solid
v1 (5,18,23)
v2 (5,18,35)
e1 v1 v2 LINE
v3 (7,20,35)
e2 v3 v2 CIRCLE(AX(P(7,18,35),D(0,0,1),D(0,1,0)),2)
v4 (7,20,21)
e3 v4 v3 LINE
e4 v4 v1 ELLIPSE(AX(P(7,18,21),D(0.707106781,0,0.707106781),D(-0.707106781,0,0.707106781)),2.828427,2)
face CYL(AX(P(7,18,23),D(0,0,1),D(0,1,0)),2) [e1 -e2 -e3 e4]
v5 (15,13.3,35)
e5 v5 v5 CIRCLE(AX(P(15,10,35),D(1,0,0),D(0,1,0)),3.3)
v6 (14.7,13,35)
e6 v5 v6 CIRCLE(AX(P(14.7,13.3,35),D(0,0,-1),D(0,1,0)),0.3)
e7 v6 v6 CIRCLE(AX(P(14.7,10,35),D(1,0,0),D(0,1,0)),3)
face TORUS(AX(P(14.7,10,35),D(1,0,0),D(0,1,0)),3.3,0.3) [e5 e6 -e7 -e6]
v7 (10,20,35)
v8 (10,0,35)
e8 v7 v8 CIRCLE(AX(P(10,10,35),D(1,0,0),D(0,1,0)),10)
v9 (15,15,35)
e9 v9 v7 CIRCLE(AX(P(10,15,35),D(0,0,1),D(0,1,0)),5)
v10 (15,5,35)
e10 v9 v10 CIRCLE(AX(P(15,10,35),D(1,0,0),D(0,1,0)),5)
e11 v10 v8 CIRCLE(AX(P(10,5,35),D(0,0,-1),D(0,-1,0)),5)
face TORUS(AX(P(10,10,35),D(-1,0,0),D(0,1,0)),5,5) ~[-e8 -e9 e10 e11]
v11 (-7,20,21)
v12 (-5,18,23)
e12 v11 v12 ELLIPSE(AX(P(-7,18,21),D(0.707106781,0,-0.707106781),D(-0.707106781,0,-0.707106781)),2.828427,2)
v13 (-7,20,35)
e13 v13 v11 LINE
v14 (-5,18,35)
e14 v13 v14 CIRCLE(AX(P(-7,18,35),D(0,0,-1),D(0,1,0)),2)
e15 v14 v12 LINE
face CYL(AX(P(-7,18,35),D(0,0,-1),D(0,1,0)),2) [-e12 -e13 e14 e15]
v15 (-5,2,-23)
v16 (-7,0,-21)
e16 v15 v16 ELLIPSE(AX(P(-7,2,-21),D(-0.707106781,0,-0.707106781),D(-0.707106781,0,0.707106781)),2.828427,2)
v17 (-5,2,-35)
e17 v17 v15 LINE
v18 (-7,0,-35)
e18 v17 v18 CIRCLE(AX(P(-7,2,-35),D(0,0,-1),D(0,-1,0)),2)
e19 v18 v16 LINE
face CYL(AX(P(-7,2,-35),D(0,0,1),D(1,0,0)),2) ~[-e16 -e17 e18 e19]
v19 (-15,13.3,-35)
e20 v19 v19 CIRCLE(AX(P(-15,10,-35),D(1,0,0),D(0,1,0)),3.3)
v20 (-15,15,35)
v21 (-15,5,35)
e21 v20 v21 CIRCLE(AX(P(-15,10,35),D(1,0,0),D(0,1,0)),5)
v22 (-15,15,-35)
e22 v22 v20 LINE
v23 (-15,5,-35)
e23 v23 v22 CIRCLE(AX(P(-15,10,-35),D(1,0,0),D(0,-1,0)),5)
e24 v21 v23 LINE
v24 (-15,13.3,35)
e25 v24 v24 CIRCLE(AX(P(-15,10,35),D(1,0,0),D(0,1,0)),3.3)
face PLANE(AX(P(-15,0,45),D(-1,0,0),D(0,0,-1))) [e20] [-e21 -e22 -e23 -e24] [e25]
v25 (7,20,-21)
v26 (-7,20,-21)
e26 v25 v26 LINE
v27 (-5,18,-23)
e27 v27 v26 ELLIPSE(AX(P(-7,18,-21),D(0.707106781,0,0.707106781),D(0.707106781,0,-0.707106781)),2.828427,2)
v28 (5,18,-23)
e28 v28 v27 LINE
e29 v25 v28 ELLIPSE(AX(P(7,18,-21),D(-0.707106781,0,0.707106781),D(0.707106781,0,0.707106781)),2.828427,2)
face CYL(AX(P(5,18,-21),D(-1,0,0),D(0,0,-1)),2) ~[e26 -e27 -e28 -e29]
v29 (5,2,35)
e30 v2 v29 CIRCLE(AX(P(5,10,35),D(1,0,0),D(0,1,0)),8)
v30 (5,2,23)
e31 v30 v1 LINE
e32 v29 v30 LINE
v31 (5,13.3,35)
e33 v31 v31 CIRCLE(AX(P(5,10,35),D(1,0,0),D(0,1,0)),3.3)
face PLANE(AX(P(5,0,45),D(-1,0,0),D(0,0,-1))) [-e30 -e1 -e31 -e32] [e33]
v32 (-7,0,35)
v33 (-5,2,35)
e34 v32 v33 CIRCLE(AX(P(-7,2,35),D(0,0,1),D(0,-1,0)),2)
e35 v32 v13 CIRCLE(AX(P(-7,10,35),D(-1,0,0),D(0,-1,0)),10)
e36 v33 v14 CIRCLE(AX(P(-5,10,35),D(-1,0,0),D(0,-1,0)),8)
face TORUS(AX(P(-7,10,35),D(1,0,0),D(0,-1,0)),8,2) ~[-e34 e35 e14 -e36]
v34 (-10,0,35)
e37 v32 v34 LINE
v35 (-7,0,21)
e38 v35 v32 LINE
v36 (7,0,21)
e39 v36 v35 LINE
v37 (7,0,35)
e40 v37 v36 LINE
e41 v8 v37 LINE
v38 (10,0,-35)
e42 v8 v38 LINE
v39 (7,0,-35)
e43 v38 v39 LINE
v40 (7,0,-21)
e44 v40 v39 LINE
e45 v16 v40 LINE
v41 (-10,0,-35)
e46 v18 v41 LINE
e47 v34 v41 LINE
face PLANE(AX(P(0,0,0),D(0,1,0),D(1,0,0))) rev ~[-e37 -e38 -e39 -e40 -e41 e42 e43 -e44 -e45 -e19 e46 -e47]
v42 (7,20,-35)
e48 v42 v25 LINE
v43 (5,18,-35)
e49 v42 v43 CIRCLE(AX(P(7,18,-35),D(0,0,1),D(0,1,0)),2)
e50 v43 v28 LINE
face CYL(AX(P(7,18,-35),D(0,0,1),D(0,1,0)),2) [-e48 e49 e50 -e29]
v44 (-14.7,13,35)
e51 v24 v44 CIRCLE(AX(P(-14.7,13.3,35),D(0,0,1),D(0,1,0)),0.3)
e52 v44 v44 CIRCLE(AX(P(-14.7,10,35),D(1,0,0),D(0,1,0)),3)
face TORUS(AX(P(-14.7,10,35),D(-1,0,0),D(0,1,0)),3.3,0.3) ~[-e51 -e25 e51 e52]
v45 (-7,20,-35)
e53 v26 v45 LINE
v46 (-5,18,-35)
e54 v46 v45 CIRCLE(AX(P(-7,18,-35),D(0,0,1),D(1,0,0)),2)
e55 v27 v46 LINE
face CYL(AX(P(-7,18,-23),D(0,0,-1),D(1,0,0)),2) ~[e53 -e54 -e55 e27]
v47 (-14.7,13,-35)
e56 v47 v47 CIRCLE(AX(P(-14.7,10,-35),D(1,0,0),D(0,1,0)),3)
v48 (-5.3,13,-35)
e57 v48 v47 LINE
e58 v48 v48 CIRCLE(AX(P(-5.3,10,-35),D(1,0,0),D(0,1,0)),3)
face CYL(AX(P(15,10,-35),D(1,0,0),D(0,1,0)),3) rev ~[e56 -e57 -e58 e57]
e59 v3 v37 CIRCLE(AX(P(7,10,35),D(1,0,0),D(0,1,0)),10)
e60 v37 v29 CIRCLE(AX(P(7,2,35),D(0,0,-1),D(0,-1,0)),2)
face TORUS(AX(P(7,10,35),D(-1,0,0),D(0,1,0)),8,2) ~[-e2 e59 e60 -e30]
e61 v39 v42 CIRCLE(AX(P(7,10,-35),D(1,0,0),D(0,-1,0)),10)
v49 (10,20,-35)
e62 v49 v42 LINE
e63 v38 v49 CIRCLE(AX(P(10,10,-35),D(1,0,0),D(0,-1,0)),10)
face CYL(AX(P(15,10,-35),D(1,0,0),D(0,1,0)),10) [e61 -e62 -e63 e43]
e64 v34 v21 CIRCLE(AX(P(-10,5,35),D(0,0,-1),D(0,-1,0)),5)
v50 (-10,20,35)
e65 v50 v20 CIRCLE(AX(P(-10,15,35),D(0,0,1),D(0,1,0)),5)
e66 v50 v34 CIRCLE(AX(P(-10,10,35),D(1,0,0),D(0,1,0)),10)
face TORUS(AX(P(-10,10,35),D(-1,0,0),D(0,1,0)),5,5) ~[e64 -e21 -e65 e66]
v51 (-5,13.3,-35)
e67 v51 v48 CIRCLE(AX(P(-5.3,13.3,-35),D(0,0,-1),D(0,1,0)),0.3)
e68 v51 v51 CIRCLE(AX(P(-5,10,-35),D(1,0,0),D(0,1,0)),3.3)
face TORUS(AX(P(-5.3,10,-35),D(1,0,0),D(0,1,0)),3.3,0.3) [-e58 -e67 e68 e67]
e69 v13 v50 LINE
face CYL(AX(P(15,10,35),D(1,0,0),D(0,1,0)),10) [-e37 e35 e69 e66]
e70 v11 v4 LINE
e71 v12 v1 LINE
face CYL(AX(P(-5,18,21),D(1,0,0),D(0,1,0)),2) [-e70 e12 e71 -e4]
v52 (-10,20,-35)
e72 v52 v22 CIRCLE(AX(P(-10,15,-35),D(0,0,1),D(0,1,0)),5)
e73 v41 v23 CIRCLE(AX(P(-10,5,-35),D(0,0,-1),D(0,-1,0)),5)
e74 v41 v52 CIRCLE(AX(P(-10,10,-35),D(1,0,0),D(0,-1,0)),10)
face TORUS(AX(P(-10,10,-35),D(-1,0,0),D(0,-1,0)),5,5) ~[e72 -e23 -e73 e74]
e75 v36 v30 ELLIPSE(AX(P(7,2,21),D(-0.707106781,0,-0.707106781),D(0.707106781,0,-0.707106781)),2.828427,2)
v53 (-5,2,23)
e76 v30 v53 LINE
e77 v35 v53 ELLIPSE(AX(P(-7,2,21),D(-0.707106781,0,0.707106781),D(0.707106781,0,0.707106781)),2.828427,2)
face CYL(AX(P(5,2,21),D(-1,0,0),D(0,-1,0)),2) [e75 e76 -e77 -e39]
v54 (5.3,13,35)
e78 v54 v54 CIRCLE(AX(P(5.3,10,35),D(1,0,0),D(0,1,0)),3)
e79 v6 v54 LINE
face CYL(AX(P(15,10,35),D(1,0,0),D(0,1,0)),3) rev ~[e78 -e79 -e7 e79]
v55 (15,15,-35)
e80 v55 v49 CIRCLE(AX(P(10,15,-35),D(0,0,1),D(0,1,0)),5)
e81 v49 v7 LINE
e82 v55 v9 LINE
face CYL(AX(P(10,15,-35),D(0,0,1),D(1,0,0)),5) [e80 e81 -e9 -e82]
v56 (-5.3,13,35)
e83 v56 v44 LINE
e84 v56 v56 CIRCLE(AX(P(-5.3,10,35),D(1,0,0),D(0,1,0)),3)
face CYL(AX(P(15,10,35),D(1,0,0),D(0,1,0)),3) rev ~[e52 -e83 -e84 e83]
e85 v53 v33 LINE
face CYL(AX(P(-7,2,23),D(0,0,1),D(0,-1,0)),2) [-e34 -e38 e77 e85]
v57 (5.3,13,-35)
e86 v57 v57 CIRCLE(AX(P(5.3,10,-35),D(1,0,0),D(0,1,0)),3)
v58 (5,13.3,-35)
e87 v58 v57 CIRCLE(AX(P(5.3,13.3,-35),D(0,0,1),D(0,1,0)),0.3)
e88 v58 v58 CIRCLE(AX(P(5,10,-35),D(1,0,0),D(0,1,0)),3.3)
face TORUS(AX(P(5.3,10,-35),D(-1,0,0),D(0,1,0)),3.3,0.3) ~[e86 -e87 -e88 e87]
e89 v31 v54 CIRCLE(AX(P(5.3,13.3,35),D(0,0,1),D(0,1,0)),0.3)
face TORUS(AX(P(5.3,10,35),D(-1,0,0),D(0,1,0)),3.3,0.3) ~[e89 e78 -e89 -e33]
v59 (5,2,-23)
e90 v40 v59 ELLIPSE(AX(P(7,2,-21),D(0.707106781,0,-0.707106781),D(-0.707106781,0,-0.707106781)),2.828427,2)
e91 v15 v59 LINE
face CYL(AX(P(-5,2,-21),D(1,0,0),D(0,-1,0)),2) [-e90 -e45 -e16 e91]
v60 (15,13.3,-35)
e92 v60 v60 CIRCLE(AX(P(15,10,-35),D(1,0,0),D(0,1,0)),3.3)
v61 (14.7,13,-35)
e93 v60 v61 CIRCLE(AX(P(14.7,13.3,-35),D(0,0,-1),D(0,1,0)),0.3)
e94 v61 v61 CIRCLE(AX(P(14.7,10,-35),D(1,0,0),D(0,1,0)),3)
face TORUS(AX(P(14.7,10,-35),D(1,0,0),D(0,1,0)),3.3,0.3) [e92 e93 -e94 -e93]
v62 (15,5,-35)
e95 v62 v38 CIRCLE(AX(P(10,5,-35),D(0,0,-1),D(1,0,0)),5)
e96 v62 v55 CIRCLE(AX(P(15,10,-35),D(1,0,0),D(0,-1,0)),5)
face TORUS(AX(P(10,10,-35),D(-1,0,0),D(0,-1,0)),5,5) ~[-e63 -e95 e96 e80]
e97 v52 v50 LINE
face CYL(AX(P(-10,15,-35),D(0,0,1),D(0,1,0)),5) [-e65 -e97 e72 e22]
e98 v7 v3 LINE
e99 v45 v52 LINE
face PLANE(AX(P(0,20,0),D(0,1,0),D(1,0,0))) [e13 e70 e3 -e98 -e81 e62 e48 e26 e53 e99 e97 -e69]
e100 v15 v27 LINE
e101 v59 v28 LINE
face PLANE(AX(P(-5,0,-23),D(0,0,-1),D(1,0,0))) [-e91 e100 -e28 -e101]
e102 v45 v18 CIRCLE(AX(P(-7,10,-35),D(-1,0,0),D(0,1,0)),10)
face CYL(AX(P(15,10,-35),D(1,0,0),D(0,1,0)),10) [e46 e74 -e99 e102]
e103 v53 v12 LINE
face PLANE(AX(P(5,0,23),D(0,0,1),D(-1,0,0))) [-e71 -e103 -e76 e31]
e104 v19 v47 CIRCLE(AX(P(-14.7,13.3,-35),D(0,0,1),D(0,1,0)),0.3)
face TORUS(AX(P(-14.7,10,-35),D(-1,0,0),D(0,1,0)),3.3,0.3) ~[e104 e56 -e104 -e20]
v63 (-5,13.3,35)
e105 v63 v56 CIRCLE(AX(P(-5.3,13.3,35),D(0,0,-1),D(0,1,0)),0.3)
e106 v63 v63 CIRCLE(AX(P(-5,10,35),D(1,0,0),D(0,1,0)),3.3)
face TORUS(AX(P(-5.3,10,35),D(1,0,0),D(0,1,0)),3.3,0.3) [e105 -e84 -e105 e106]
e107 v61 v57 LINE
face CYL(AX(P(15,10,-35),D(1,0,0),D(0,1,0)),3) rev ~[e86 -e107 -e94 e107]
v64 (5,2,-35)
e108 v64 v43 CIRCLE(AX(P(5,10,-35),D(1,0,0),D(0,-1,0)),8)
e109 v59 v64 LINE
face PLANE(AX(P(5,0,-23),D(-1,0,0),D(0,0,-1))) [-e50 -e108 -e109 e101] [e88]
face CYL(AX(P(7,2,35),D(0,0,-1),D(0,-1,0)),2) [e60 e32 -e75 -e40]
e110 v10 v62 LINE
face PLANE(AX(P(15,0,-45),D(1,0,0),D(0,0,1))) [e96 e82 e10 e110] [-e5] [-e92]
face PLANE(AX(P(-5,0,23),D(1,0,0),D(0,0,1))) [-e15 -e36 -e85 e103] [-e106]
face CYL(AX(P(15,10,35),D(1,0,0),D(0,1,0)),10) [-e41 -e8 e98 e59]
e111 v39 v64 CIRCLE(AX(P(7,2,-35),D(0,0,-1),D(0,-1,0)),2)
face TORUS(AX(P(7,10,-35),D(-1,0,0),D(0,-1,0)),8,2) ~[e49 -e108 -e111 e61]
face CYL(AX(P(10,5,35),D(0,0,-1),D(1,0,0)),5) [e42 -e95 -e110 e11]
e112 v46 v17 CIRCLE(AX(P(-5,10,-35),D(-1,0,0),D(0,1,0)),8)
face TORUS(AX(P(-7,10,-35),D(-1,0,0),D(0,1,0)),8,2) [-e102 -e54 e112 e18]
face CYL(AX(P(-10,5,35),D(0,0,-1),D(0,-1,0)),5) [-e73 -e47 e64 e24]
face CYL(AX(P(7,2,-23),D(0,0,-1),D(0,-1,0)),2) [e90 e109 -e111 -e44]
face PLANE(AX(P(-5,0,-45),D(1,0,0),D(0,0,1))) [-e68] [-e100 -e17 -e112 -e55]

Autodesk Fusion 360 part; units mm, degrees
sketch "Çizim1" plane through (0, 0, 0) normal (0, 1, 0) x (1, 0, 0)
  line L0 (-15, 45) -> (15, 45)
  line L1 (15, 45) -> (15, -45)
  line L2 (15, -45) -> (-15, -45)
  line L3 (-15, -45) -> (-15, 45)
  line L4 (-15, 45) -> (15, -45) construction
  line L5 (15, 45) -> (-15, -45) construction
  dimension "d1" = 30
  dimension "d2" = 90
extrude "Ekstrüzyon1" add sketch "Çizim1" along normal blind 20
sketch "Çizim2" plane through (0, 0, 0) normal (0, -1, 0) x (1, 0, 0)
  line L0 (15, 45) -> (-15, 45)
  line L1 (-15, 45) -> (-15, -45)
  line L2 (-15, -45) -> (15, -45)
  line L3 (15, -45) -> (15, 45)
  line L4 (-5, 67) -> (5, 67)
  line L5 (5, 67) -> (5, 23)
  line L6 (5, 23) -> (-5, 23)
  line L7 (-5, 23) -> (-5, 67)
  line L8 (-5, 67) -> (5, 23) construction
  line L9 (5, 67) -> (-5, 23) construction
  point P0 (0, 45)
  dimension "d5" = 10
  dimension "d6" = 44
extrude "Ekstrüzyon2" cut sketch "Çizim2" against normal blind 70 contours L0 L5 L6 L7
sketch "Çizim3" plane through (0, 0, 0) normal (0, -1, 0) x (1, 0, 0)
  line L0 (-5, 23) -> (-5, 45)
  line L1 (-5, 45) -> (-15, 45)
  line L2 (-15, 45) -> (-15, -45)
  line L3 (-15, -45) -> (15, -45)
  line L4 (15, -45) -> (15, 45)
  line L5 (15, 45) -> (5, 45)
  line L6 (5, 45) -> (5, 23)
  line L7 (5, 23) -> (-5, 23)
  line L8 (-5, -23) -> (5, -23)
  line L9 (5, -23) -> (5, -67)
  line L10 (5, -67) -> (-5, -67)
  line L11 (-5, -67) -> (-5, -23)
  line L12 (-5, -23) -> (5, -67) construction
  line L13 (5, -23) -> (-5, -67) construction
  point P0 (0, -45)
  dimension "d9" = 10
  dimension "d10" = 44
extrude "Ekstrüzyon3" cut sketch "Çizim3" against normal blind 210 contours L3 L8 L9 L11
sketch "Çizim4" plane through (15, 0, 0) normal (1, 0, 0) x (0, 1, 0)
  line L0 (0, 45) -> (0, -45)
  line L1 (0, -45) -> (20, -45)
  line L2 (20, -45) -> (20, 45)
  line L3 (20, 45) -> (0, 45)
  circle A0 centre (10, 35) radius 10
  circle A1 centre (10, -35) radius 10
  circle A2 centre (10, 35) radius 3
  circle A3 centre (10, -35) radius 3
  dimension "d13" = 20
  dimension "d14" = 20
  dimension "d15" = 6
  dimension "d16" = 6
extrude "Ekstrüzyon4" cut sketch "Çizim4" against normal blind 52 contours A2 | A3
extrude "Ekstrüzyon5" cut sketch "Çizim4" against normal blind 115 contours L0 L3 A0 | L2 L3 A0 | L0 L1 A1 | L1 L2 A1
fillet "Radyus1" radius 2 16 edges at (-5, 20, 29) (-5, 10, 45) (-5, 0, 29) (5, 0, 29) (5, 10, 45) (5, 20, 29) (5, 0, -29) (5, 10, -45) (5, 20, -29) (-5, 20, -29) (-5, 10, -45) (-5, 0, -29) (0, 0, -23) (0, 0, 23) (0, 20, 23) (0, 20, -23)
fillet "Radyus2" radius 5 8 edges at (15, 10, 45) (15, 20, 0) (15, 10, -45) (15, 0, 0) (-15, 10, -45) (-15, 20, 0) (-15, 10, 45) (-15, 0, 0)
fillet "Radyus3" radius 0.3 8 edges at (-5, 7.203, 36.0848) (-15, 7.203, 33.9152) (5, 7.203, 33.9152) (15, 7.203, 36.0848) (15, 7.203, -33.9152) (5, 7.203, -36.0848) (-5, 7.203, -33.9152) (-15, 7.203, -36.0848)
